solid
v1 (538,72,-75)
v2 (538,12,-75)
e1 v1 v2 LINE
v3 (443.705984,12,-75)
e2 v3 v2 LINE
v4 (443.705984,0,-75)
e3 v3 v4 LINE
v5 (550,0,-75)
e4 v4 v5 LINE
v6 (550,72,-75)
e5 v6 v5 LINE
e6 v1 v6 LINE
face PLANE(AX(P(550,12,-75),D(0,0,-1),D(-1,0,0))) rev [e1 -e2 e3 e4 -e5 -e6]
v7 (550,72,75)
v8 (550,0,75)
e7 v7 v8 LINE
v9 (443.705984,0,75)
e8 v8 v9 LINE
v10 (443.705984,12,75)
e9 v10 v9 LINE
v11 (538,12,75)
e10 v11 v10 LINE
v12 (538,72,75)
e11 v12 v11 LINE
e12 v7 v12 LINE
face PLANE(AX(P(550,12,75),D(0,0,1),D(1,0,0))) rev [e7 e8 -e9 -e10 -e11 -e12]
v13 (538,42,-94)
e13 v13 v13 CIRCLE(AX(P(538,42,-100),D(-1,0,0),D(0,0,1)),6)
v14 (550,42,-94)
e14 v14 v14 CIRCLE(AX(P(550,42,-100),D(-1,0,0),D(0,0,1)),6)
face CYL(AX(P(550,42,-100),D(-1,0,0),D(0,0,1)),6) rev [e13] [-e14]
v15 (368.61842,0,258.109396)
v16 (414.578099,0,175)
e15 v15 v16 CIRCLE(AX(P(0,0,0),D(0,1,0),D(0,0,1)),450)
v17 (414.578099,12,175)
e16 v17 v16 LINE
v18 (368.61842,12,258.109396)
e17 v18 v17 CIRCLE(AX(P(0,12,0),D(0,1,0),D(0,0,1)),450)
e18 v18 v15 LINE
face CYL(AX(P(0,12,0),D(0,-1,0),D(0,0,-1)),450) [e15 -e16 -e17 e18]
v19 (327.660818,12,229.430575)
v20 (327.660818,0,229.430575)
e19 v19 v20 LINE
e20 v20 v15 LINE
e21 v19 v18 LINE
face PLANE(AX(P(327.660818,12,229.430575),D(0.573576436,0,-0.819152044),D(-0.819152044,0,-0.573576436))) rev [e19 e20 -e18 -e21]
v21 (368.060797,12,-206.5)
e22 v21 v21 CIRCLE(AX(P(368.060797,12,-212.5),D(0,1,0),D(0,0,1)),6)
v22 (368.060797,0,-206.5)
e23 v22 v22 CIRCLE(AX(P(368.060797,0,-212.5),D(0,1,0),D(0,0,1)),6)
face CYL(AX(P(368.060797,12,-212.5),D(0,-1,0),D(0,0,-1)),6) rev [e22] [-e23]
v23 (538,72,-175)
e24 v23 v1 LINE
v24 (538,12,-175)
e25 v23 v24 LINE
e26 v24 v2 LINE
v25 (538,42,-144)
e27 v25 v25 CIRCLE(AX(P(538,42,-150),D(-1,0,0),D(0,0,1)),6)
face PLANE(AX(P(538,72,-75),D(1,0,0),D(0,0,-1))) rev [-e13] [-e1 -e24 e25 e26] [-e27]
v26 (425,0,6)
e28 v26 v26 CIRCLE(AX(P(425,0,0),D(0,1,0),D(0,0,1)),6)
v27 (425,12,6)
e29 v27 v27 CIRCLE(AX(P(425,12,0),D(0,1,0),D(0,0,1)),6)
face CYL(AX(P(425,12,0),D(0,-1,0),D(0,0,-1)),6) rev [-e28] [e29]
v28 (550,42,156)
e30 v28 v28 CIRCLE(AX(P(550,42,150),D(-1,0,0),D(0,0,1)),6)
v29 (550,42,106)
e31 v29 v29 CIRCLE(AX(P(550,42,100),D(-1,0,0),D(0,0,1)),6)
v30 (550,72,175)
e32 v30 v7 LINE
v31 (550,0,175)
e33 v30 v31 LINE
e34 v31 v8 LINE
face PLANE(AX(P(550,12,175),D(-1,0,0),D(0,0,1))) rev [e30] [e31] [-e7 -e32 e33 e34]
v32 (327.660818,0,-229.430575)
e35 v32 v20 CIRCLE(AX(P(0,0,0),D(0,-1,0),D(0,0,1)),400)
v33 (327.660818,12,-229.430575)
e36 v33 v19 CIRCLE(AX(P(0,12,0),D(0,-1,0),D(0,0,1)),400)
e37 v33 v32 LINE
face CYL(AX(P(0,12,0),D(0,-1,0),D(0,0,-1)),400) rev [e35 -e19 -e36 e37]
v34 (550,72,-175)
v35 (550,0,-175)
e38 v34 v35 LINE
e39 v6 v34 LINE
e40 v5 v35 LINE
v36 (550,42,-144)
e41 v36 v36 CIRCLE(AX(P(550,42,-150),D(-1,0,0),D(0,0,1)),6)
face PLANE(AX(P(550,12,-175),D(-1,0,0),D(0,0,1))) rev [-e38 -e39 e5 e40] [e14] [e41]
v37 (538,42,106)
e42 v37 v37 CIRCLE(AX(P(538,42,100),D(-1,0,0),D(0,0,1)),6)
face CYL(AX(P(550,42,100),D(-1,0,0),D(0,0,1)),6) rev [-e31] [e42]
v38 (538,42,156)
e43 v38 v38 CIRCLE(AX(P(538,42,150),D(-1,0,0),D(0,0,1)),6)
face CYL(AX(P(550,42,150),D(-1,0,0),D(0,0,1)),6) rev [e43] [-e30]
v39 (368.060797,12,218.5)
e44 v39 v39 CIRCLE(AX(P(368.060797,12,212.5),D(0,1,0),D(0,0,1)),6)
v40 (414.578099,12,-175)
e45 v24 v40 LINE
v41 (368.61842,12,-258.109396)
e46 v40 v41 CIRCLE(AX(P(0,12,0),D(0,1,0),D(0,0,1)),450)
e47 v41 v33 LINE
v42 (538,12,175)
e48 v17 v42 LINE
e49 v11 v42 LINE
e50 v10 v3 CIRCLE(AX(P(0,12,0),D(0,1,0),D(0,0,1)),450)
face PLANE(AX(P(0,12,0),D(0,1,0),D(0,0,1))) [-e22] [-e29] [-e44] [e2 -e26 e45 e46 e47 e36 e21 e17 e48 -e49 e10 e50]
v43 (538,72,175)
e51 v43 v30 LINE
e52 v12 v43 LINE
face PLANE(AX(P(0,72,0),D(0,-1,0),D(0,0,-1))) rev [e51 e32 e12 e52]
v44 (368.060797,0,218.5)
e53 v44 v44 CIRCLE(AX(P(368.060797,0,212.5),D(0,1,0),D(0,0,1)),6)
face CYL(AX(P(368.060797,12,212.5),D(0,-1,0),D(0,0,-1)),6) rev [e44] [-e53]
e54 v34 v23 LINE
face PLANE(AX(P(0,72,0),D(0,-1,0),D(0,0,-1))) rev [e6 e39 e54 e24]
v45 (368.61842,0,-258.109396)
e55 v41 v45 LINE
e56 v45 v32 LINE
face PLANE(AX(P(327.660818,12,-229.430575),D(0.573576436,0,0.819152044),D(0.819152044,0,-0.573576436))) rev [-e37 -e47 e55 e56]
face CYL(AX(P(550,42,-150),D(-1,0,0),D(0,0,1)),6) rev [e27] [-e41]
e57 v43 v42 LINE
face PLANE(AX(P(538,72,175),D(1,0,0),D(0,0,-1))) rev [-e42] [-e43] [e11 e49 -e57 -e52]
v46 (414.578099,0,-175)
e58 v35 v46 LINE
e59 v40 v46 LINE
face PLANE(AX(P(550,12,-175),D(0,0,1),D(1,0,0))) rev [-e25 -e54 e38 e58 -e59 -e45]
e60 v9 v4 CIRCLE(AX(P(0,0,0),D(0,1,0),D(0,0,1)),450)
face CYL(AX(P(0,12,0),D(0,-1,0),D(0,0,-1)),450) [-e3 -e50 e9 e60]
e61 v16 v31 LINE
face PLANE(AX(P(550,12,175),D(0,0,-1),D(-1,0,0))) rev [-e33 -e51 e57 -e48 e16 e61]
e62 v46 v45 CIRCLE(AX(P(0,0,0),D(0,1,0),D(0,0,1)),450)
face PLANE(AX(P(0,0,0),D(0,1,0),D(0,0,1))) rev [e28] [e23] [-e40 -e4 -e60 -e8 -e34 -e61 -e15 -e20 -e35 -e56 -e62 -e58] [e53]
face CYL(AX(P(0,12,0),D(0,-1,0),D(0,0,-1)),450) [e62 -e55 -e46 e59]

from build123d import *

# Parameters (mm, degrees)
SKETCH1_R           = 6
BOSS_EXTRUDE2_DEPTH = 12
SKETCH2_W           = 12
SKETCH2_H           = 100
BOSS_EXTRUDE3_DEPTH = 60
SKETCH3_R           = 6
CUT_EXTRUDE1_DEPTH  = 341.65676581


with BuildPart() as part:
    # Sketch1 → Boss-Extrude2 (new body)
    with BuildSketch(Plane(origin=(0, 0, 0), x_dir=(1, 0, 0), z_dir=(0, 1, 0))):
        with BuildLine():
            Line((550, 175), (550, 75))
            Line((550, 75), (443.705983732, 75))
            ThreePointArc((443.705983732, 75), (450, 0), (443.705983732, -75))
            Line((443.705983732, -75), (550, -75))
            Line((550, -75), (550, -175))
            Line((550, -175), (414.578098794, -175))
            ThreePointArc((414.578098794, -175), (393.796888861, -217.770545124), (368.61841993, -258.109396358))
            Line((368.61841993, -258.109396358), (327.660817716, -229.43057454))
            ThreePointArc((327.660817716, -229.43057454), (400, 0), (327.660817716, 229.43057454))
            Line((327.660817716, 229.43057454), (368.61841993, 258.109396358))
            ThreePointArc((368.61841993, 258.109396358), (393.796888861, 217.770545124), (414.578098794, 175))
            Line((414.578098794, 175), (550, 175))
        make_face()
        with Locations(Location((368.060796608, -212.5, 0), (0, 0, 270))):
            Circle(SKETCH1_R, mode=Mode.SUBTRACT)
        with Locations(Location((425, 0, 0), (0, 0, 270))):
            Circle(SKETCH1_R, mode=Mode.SUBTRACT)
        with Locations(Location((368.060796608, 212.5, 0), (0, 0, 270))):
            Circle(SKETCH1_R, mode=Mode.SUBTRACT)
    extrude(amount=BOSS_EXTRUDE2_DEPTH)

    # Sketch2 → Boss-Extrude3 (add)
    with BuildSketch(Plane(origin=(0, 12, 0), x_dir=(1, 0, 0), z_dir=(0, 1, 0))):
        with Locations((544, 125)):
            Rectangle(SKETCH2_W, SKETCH2_H)
        with Locations((544, -125)):
            Rectangle(SKETCH2_W, SKETCH2_H)
    extrude(amount=BOSS_EXTRUDE3_DEPTH)

    # Sketch3 → Cut-Extrude1 (cut, through all)
    with BuildSketch(Plane.ZY.offset(-538)):
        with Locations((-150, 42)):
            Circle(SKETCH3_R)
        with Locations((-100, 42)):
            Circle(SKETCH3_R)
        with Locations((100, 42)):
            Circle(SKETCH3_R)
        with Locations((150, 42)):
            Circle(SKETCH3_R)
    extrude(amount=-CUT_EXTRUDE1_DEPTH, mode=Mode.SUBTRACT)


solid = part.part
